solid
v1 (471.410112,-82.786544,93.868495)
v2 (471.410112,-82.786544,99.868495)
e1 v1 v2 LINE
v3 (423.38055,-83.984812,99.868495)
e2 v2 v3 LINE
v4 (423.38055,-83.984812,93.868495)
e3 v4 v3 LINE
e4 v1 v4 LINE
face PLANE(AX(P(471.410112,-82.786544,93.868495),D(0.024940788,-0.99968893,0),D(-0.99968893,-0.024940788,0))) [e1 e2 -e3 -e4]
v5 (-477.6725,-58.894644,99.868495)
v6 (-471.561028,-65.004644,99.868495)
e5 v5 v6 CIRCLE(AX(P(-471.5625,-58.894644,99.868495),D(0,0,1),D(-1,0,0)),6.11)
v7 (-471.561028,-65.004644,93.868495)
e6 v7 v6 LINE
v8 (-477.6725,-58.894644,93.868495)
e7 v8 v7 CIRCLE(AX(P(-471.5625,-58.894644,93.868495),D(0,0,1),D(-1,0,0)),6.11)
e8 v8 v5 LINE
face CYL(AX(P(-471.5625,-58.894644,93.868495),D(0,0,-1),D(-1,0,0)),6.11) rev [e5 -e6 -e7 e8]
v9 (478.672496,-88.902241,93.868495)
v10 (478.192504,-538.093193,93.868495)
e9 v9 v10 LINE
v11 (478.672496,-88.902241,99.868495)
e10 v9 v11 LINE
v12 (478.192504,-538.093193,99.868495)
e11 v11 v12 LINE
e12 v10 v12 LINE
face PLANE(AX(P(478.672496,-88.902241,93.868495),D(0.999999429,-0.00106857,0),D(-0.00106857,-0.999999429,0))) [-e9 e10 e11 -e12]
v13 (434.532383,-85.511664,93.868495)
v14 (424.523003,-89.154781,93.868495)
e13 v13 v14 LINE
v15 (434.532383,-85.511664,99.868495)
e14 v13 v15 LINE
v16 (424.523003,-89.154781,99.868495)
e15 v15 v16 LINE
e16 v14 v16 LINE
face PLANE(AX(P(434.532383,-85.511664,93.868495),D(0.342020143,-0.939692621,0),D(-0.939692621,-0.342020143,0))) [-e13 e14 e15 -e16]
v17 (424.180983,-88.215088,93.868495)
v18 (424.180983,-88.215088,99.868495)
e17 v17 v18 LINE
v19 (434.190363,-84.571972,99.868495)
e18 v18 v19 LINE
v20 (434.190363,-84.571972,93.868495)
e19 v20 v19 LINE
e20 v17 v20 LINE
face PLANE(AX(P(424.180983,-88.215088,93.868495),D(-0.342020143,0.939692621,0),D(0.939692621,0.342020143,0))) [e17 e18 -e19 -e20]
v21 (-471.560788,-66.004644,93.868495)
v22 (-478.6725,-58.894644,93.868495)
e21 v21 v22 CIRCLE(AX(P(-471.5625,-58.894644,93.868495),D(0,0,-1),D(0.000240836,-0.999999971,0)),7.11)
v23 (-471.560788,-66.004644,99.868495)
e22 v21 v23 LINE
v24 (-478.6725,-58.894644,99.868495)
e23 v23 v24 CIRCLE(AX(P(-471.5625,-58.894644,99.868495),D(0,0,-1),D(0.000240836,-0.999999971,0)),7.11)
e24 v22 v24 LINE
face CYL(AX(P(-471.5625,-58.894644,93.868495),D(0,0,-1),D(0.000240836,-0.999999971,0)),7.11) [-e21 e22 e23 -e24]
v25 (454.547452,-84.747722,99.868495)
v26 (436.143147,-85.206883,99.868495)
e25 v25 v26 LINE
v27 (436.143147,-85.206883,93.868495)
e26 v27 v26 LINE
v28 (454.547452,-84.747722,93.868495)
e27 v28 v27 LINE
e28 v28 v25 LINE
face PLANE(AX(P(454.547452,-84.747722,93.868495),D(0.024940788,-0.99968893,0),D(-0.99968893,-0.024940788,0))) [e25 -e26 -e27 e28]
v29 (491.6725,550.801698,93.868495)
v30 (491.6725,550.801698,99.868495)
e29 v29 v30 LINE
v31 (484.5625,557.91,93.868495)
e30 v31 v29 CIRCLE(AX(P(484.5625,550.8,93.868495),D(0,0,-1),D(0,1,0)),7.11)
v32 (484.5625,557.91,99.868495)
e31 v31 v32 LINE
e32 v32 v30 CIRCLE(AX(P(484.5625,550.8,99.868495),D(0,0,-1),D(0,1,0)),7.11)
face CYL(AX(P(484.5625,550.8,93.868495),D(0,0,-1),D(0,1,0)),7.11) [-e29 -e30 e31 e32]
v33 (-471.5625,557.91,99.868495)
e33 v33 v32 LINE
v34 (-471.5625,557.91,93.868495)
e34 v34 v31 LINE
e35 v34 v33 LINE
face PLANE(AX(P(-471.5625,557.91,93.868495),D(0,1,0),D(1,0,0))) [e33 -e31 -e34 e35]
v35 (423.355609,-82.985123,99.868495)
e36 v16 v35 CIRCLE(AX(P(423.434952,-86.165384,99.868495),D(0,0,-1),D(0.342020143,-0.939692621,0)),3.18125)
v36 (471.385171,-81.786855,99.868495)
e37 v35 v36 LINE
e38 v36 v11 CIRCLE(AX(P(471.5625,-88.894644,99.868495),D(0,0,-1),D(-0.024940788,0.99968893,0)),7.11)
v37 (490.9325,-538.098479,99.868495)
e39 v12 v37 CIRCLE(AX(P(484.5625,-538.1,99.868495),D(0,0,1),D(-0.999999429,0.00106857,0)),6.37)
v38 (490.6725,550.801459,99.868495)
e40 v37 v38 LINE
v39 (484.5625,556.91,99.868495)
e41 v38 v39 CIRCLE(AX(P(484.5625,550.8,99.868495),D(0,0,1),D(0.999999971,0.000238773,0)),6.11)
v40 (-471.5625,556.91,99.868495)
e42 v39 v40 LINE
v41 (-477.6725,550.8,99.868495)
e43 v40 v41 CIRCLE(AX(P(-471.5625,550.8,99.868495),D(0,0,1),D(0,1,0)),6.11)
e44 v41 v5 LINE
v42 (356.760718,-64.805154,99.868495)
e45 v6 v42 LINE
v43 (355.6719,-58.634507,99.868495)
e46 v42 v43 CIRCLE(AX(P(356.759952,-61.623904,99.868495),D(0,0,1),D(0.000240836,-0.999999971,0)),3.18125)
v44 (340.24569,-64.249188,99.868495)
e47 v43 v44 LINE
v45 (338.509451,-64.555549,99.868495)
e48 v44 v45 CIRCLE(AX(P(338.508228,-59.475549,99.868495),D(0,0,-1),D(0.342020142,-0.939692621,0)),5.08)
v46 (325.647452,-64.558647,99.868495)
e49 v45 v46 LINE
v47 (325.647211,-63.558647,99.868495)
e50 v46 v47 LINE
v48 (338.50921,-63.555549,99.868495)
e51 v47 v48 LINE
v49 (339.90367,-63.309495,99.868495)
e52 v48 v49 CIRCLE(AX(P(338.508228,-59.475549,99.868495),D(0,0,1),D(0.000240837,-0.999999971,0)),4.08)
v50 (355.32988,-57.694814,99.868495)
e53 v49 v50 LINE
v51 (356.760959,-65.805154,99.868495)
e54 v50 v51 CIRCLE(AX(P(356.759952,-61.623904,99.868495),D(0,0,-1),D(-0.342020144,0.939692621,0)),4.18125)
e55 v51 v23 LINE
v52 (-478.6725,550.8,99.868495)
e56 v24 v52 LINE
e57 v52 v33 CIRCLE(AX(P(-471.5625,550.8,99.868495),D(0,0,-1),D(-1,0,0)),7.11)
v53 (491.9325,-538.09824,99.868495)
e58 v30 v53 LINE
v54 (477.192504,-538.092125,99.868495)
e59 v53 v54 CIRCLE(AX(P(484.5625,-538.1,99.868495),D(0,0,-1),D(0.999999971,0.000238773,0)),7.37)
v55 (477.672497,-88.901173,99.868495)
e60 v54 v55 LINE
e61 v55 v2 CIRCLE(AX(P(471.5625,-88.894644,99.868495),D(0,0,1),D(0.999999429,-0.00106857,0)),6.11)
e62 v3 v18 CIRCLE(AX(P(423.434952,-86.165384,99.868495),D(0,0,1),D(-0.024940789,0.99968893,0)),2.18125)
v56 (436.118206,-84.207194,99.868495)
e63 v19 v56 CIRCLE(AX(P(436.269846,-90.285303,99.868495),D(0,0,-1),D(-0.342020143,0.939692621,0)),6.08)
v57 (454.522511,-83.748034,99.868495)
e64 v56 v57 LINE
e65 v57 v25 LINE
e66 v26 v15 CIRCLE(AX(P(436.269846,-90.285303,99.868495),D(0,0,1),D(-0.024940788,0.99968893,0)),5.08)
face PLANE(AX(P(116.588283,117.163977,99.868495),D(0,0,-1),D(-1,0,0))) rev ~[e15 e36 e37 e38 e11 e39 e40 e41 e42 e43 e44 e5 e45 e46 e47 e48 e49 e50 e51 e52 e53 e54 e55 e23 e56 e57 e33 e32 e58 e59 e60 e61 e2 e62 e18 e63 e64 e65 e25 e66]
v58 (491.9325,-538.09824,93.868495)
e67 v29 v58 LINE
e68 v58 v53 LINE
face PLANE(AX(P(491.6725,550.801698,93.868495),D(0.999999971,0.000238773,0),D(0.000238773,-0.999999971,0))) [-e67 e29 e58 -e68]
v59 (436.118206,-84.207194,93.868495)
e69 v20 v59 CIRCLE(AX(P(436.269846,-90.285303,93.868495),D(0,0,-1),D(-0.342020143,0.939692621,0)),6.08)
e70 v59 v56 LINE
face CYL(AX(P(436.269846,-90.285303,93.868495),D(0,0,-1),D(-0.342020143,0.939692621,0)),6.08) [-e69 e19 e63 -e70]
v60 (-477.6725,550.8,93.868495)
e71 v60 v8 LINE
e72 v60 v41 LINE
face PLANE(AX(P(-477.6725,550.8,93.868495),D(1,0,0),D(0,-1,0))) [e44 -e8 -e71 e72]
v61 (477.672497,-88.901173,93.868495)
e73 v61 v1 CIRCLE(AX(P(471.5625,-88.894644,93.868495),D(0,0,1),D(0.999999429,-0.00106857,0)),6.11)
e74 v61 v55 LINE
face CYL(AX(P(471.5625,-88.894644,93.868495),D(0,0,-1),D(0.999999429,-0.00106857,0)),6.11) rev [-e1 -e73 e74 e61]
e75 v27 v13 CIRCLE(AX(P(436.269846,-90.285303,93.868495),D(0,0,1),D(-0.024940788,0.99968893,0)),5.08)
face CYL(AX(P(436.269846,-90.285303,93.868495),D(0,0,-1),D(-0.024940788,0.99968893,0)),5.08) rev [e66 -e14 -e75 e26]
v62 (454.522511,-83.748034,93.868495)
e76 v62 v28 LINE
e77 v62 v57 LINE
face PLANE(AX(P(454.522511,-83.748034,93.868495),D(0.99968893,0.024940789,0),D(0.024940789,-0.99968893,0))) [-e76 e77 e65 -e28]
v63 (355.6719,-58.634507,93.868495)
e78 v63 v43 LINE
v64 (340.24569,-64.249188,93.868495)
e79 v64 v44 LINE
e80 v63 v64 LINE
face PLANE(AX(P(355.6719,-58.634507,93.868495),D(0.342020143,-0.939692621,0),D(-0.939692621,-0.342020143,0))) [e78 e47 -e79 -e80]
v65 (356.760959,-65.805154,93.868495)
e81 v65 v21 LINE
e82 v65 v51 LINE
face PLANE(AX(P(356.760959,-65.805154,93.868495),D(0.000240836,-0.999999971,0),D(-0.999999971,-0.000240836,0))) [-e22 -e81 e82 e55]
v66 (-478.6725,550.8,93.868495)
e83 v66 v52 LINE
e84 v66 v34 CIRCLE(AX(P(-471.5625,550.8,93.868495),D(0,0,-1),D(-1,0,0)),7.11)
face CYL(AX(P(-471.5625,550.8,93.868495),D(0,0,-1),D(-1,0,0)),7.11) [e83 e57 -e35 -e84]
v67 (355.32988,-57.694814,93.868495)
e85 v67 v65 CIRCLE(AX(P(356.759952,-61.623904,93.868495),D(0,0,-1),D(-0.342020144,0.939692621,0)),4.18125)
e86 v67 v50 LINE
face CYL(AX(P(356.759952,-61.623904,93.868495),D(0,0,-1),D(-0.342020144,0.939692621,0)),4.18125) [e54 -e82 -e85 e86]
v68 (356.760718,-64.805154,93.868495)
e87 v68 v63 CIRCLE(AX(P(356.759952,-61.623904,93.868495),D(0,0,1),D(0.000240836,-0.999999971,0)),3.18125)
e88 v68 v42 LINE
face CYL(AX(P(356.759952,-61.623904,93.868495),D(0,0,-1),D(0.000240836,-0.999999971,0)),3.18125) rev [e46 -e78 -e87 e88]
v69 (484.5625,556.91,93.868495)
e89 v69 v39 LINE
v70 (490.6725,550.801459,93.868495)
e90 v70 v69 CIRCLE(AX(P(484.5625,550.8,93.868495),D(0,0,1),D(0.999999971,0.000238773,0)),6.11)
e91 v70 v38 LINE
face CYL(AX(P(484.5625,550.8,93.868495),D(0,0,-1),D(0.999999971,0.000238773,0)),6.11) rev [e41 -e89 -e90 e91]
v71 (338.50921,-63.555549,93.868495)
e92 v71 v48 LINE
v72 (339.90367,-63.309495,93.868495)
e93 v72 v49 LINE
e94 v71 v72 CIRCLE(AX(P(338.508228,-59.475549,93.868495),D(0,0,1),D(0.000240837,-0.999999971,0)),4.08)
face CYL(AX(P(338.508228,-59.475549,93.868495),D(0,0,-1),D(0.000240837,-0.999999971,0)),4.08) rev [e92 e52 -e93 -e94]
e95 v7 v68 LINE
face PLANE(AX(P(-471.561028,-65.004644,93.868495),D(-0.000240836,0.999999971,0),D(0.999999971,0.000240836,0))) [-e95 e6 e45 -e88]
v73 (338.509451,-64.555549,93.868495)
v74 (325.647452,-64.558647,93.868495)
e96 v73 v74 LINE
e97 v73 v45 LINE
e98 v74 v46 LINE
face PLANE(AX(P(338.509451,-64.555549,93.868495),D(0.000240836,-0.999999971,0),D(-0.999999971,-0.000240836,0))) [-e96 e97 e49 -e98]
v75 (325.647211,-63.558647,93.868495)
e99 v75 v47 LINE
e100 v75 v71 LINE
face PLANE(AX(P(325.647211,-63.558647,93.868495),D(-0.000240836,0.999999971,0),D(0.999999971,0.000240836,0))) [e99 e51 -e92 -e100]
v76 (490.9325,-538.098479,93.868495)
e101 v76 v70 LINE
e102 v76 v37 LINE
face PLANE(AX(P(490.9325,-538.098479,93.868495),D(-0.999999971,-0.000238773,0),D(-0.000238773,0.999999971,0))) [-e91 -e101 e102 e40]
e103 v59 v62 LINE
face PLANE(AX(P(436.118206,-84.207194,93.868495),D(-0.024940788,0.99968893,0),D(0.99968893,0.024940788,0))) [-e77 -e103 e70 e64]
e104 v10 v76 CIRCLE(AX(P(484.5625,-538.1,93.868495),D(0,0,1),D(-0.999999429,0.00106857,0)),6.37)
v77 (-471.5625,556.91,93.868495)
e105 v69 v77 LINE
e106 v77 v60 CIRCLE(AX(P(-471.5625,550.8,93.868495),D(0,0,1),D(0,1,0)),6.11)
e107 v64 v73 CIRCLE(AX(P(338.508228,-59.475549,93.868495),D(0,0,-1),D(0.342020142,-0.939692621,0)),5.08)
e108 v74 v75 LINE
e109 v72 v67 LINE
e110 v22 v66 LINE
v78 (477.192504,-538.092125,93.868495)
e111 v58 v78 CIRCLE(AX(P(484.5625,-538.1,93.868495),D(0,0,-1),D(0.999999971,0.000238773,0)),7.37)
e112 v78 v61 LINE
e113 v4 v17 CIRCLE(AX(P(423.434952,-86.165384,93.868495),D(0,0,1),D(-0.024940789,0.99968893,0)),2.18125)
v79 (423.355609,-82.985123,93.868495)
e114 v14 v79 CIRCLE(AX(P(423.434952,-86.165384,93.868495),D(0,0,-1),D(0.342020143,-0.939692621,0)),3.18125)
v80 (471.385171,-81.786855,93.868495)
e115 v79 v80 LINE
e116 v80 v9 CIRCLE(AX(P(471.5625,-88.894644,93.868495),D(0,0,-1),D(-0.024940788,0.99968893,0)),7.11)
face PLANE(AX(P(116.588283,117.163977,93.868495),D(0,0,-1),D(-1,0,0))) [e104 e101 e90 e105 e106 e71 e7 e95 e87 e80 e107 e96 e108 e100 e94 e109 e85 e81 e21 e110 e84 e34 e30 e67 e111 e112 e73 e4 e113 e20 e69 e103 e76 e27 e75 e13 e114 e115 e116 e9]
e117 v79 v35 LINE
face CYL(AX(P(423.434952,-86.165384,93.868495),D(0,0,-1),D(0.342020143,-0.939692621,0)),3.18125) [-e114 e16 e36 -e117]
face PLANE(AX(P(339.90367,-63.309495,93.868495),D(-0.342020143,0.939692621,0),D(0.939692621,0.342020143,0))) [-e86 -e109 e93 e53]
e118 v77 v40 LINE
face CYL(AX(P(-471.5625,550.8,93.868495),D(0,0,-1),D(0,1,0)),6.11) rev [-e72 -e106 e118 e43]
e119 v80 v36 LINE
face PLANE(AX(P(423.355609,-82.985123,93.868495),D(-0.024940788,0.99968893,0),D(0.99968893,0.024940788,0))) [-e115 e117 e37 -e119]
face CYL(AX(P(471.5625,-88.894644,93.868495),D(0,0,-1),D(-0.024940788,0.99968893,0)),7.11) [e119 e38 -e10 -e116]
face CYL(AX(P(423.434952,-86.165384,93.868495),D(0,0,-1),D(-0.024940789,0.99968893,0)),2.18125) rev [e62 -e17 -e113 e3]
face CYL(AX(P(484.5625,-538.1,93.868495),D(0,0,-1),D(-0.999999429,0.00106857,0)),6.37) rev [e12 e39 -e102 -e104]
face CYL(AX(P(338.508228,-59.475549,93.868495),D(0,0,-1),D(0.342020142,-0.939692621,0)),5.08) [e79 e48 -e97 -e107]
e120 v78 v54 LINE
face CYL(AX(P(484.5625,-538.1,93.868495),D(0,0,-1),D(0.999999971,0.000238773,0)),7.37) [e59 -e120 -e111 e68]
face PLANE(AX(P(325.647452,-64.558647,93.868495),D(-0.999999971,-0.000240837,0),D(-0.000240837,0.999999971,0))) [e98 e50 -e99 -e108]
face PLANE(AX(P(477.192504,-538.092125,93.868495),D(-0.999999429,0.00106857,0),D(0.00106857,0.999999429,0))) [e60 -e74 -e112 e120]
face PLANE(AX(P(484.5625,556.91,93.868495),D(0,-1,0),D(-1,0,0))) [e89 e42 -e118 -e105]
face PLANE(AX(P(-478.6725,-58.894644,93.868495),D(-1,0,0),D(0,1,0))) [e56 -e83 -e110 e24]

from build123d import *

# Parameters (mm, degrees)
EXTRUDE_THIN4_DEPTH = 6


with BuildPart() as part:
    # Sketch1 → Extrude-Thin4 (new body)
    with BuildSketch(Plane.XY.offset(93.86849497)):
        with BuildLine():
            Line((454.547451712, -84.747722447), (436.143146619, -85.206883154))
            ThreePointArc((436.143146619, -85.206883154), (435.325389653, -85.293870004), (434.532383495, -85.511664405))
            Line((434.532383495, -85.511664405), (424.523003293, -89.154780862))
            ThreePointArc((424.523003293, -89.154780862), (420.309165105, -86.756830797), (423.355608829, -82.985123303))
            Line((423.355608829, -82.985123303), (471.385170996, -81.786855419))
            ThreePointArc((471.385170996, -81.786855419), (476.52965679, -83.807458497), (478.672495941, -88.902241246))
            Line((478.672495941, -88.902241246), (478.192503637, -538.093193208))
            ThreePointArc((478.192503637, -538.093193208), (484.559857096, -544.469999452), (490.932499818, -538.098479016))
            Line((490.932499818, -538.098479016), (490.672499826, 550.801458903))
            ThreePointArc((490.672499826, 550.801458903), (488.882406602, 555.120938203), (484.5625, 556.91))
            Line((484.5625, 556.91), (-471.5625, 556.91))
            ThreePointArc((-471.5625, 556.91), (-475.882922433, 555.120422433), (-477.6725, 550.8))
            Line((-477.6725, 550.8), (-477.6725, -58.894643712))
            ThreePointArc((-477.6725, -58.894643712), (-475.882402145, -63.215586371), (-471.56102849, -65.004643535))
            Line((-471.56102849, -65.004643535), (356.760717872, -64.80515362))
            ThreePointArc((356.760717872, -64.80515362), (359.892804832, -61.071108191), (355.671900131, -58.634506563))
            Line((355.671900131, -58.634506563), (340.245690102, -64.249187841))
            ThreePointArc((340.245690102, -64.249187841), (339.390962941, -64.478266451), (338.509451222, -64.55554918))
            Line((338.509451222, -64.55554918), (325.647451712, -64.558646816))
            Line((325.647451712, -64.558646816), (325.647210875, -63.558646845))
            Line((325.647210875, -63.558646845), (338.509210386, -63.555549209))
            ThreePointArc((338.509210386, -63.555549209), (339.217196175, -63.493479616), (339.903669959, -63.30949522))
            Line((339.903669959, -63.30949522), (355.329879987, -57.694813942))
            ThreePointArc((355.329879987, -57.694813942), (360.877591668, -60.897341426), (356.760958708, -65.805153591))
            Line((356.760958708, -65.805153591), (-471.560787654, -66.004643506))
            ThreePointArc((-471.560787654, -66.004643506), (-476.589423772, -63.922778296), (-478.6725, -58.894643712))
            Line((-478.6725, -58.894643712), (-478.6725, 550.8))
            ThreePointArc((-478.6725, 550.8), (-476.590029214, 555.827529214), (-471.5625, 557.91))
            Line((-471.5625, 557.91), (484.5625, 557.91))
            ThreePointArc((484.5625, 557.91), (489.589428959, 555.828129398), (491.672499797, 550.801697677))
            Line((491.672499797, 550.801697677), (491.93249979, -538.098240242))
            ThreePointArc((491.93249979, -538.098240242), (484.559442197, -545.469999366), (477.192504208, -538.092124638))
            Line((477.192504208, -538.092124638), (477.672496512, -88.901172676))
            ThreePointArc((477.672496512, -88.901172676), (475.831041208, -84.522955714), (471.410111784, -82.786544349))
            Line((471.410111784, -82.786544349), (423.380549617, -83.984812234))
            ThreePointArc((423.380549617, -83.984812234), (421.29173064, -86.570914228), (424.180983149, -88.215088242))
            Line((424.180983149, -88.215088242), (434.190363351, -84.571971785))
            ThreePointArc((434.190363351, -84.571971785), (435.139473084, -84.31130447), (436.11820583, -84.207194224))
            Line((436.11820583, -84.207194224), (454.522510923, -83.748033516))
            Line((454.522510923, -83.748033516), (454.547451712, -84.747722447))
        make_face()
    extrude(amount=EXTRUDE_THIN4_DEPTH)


solid = part.part
